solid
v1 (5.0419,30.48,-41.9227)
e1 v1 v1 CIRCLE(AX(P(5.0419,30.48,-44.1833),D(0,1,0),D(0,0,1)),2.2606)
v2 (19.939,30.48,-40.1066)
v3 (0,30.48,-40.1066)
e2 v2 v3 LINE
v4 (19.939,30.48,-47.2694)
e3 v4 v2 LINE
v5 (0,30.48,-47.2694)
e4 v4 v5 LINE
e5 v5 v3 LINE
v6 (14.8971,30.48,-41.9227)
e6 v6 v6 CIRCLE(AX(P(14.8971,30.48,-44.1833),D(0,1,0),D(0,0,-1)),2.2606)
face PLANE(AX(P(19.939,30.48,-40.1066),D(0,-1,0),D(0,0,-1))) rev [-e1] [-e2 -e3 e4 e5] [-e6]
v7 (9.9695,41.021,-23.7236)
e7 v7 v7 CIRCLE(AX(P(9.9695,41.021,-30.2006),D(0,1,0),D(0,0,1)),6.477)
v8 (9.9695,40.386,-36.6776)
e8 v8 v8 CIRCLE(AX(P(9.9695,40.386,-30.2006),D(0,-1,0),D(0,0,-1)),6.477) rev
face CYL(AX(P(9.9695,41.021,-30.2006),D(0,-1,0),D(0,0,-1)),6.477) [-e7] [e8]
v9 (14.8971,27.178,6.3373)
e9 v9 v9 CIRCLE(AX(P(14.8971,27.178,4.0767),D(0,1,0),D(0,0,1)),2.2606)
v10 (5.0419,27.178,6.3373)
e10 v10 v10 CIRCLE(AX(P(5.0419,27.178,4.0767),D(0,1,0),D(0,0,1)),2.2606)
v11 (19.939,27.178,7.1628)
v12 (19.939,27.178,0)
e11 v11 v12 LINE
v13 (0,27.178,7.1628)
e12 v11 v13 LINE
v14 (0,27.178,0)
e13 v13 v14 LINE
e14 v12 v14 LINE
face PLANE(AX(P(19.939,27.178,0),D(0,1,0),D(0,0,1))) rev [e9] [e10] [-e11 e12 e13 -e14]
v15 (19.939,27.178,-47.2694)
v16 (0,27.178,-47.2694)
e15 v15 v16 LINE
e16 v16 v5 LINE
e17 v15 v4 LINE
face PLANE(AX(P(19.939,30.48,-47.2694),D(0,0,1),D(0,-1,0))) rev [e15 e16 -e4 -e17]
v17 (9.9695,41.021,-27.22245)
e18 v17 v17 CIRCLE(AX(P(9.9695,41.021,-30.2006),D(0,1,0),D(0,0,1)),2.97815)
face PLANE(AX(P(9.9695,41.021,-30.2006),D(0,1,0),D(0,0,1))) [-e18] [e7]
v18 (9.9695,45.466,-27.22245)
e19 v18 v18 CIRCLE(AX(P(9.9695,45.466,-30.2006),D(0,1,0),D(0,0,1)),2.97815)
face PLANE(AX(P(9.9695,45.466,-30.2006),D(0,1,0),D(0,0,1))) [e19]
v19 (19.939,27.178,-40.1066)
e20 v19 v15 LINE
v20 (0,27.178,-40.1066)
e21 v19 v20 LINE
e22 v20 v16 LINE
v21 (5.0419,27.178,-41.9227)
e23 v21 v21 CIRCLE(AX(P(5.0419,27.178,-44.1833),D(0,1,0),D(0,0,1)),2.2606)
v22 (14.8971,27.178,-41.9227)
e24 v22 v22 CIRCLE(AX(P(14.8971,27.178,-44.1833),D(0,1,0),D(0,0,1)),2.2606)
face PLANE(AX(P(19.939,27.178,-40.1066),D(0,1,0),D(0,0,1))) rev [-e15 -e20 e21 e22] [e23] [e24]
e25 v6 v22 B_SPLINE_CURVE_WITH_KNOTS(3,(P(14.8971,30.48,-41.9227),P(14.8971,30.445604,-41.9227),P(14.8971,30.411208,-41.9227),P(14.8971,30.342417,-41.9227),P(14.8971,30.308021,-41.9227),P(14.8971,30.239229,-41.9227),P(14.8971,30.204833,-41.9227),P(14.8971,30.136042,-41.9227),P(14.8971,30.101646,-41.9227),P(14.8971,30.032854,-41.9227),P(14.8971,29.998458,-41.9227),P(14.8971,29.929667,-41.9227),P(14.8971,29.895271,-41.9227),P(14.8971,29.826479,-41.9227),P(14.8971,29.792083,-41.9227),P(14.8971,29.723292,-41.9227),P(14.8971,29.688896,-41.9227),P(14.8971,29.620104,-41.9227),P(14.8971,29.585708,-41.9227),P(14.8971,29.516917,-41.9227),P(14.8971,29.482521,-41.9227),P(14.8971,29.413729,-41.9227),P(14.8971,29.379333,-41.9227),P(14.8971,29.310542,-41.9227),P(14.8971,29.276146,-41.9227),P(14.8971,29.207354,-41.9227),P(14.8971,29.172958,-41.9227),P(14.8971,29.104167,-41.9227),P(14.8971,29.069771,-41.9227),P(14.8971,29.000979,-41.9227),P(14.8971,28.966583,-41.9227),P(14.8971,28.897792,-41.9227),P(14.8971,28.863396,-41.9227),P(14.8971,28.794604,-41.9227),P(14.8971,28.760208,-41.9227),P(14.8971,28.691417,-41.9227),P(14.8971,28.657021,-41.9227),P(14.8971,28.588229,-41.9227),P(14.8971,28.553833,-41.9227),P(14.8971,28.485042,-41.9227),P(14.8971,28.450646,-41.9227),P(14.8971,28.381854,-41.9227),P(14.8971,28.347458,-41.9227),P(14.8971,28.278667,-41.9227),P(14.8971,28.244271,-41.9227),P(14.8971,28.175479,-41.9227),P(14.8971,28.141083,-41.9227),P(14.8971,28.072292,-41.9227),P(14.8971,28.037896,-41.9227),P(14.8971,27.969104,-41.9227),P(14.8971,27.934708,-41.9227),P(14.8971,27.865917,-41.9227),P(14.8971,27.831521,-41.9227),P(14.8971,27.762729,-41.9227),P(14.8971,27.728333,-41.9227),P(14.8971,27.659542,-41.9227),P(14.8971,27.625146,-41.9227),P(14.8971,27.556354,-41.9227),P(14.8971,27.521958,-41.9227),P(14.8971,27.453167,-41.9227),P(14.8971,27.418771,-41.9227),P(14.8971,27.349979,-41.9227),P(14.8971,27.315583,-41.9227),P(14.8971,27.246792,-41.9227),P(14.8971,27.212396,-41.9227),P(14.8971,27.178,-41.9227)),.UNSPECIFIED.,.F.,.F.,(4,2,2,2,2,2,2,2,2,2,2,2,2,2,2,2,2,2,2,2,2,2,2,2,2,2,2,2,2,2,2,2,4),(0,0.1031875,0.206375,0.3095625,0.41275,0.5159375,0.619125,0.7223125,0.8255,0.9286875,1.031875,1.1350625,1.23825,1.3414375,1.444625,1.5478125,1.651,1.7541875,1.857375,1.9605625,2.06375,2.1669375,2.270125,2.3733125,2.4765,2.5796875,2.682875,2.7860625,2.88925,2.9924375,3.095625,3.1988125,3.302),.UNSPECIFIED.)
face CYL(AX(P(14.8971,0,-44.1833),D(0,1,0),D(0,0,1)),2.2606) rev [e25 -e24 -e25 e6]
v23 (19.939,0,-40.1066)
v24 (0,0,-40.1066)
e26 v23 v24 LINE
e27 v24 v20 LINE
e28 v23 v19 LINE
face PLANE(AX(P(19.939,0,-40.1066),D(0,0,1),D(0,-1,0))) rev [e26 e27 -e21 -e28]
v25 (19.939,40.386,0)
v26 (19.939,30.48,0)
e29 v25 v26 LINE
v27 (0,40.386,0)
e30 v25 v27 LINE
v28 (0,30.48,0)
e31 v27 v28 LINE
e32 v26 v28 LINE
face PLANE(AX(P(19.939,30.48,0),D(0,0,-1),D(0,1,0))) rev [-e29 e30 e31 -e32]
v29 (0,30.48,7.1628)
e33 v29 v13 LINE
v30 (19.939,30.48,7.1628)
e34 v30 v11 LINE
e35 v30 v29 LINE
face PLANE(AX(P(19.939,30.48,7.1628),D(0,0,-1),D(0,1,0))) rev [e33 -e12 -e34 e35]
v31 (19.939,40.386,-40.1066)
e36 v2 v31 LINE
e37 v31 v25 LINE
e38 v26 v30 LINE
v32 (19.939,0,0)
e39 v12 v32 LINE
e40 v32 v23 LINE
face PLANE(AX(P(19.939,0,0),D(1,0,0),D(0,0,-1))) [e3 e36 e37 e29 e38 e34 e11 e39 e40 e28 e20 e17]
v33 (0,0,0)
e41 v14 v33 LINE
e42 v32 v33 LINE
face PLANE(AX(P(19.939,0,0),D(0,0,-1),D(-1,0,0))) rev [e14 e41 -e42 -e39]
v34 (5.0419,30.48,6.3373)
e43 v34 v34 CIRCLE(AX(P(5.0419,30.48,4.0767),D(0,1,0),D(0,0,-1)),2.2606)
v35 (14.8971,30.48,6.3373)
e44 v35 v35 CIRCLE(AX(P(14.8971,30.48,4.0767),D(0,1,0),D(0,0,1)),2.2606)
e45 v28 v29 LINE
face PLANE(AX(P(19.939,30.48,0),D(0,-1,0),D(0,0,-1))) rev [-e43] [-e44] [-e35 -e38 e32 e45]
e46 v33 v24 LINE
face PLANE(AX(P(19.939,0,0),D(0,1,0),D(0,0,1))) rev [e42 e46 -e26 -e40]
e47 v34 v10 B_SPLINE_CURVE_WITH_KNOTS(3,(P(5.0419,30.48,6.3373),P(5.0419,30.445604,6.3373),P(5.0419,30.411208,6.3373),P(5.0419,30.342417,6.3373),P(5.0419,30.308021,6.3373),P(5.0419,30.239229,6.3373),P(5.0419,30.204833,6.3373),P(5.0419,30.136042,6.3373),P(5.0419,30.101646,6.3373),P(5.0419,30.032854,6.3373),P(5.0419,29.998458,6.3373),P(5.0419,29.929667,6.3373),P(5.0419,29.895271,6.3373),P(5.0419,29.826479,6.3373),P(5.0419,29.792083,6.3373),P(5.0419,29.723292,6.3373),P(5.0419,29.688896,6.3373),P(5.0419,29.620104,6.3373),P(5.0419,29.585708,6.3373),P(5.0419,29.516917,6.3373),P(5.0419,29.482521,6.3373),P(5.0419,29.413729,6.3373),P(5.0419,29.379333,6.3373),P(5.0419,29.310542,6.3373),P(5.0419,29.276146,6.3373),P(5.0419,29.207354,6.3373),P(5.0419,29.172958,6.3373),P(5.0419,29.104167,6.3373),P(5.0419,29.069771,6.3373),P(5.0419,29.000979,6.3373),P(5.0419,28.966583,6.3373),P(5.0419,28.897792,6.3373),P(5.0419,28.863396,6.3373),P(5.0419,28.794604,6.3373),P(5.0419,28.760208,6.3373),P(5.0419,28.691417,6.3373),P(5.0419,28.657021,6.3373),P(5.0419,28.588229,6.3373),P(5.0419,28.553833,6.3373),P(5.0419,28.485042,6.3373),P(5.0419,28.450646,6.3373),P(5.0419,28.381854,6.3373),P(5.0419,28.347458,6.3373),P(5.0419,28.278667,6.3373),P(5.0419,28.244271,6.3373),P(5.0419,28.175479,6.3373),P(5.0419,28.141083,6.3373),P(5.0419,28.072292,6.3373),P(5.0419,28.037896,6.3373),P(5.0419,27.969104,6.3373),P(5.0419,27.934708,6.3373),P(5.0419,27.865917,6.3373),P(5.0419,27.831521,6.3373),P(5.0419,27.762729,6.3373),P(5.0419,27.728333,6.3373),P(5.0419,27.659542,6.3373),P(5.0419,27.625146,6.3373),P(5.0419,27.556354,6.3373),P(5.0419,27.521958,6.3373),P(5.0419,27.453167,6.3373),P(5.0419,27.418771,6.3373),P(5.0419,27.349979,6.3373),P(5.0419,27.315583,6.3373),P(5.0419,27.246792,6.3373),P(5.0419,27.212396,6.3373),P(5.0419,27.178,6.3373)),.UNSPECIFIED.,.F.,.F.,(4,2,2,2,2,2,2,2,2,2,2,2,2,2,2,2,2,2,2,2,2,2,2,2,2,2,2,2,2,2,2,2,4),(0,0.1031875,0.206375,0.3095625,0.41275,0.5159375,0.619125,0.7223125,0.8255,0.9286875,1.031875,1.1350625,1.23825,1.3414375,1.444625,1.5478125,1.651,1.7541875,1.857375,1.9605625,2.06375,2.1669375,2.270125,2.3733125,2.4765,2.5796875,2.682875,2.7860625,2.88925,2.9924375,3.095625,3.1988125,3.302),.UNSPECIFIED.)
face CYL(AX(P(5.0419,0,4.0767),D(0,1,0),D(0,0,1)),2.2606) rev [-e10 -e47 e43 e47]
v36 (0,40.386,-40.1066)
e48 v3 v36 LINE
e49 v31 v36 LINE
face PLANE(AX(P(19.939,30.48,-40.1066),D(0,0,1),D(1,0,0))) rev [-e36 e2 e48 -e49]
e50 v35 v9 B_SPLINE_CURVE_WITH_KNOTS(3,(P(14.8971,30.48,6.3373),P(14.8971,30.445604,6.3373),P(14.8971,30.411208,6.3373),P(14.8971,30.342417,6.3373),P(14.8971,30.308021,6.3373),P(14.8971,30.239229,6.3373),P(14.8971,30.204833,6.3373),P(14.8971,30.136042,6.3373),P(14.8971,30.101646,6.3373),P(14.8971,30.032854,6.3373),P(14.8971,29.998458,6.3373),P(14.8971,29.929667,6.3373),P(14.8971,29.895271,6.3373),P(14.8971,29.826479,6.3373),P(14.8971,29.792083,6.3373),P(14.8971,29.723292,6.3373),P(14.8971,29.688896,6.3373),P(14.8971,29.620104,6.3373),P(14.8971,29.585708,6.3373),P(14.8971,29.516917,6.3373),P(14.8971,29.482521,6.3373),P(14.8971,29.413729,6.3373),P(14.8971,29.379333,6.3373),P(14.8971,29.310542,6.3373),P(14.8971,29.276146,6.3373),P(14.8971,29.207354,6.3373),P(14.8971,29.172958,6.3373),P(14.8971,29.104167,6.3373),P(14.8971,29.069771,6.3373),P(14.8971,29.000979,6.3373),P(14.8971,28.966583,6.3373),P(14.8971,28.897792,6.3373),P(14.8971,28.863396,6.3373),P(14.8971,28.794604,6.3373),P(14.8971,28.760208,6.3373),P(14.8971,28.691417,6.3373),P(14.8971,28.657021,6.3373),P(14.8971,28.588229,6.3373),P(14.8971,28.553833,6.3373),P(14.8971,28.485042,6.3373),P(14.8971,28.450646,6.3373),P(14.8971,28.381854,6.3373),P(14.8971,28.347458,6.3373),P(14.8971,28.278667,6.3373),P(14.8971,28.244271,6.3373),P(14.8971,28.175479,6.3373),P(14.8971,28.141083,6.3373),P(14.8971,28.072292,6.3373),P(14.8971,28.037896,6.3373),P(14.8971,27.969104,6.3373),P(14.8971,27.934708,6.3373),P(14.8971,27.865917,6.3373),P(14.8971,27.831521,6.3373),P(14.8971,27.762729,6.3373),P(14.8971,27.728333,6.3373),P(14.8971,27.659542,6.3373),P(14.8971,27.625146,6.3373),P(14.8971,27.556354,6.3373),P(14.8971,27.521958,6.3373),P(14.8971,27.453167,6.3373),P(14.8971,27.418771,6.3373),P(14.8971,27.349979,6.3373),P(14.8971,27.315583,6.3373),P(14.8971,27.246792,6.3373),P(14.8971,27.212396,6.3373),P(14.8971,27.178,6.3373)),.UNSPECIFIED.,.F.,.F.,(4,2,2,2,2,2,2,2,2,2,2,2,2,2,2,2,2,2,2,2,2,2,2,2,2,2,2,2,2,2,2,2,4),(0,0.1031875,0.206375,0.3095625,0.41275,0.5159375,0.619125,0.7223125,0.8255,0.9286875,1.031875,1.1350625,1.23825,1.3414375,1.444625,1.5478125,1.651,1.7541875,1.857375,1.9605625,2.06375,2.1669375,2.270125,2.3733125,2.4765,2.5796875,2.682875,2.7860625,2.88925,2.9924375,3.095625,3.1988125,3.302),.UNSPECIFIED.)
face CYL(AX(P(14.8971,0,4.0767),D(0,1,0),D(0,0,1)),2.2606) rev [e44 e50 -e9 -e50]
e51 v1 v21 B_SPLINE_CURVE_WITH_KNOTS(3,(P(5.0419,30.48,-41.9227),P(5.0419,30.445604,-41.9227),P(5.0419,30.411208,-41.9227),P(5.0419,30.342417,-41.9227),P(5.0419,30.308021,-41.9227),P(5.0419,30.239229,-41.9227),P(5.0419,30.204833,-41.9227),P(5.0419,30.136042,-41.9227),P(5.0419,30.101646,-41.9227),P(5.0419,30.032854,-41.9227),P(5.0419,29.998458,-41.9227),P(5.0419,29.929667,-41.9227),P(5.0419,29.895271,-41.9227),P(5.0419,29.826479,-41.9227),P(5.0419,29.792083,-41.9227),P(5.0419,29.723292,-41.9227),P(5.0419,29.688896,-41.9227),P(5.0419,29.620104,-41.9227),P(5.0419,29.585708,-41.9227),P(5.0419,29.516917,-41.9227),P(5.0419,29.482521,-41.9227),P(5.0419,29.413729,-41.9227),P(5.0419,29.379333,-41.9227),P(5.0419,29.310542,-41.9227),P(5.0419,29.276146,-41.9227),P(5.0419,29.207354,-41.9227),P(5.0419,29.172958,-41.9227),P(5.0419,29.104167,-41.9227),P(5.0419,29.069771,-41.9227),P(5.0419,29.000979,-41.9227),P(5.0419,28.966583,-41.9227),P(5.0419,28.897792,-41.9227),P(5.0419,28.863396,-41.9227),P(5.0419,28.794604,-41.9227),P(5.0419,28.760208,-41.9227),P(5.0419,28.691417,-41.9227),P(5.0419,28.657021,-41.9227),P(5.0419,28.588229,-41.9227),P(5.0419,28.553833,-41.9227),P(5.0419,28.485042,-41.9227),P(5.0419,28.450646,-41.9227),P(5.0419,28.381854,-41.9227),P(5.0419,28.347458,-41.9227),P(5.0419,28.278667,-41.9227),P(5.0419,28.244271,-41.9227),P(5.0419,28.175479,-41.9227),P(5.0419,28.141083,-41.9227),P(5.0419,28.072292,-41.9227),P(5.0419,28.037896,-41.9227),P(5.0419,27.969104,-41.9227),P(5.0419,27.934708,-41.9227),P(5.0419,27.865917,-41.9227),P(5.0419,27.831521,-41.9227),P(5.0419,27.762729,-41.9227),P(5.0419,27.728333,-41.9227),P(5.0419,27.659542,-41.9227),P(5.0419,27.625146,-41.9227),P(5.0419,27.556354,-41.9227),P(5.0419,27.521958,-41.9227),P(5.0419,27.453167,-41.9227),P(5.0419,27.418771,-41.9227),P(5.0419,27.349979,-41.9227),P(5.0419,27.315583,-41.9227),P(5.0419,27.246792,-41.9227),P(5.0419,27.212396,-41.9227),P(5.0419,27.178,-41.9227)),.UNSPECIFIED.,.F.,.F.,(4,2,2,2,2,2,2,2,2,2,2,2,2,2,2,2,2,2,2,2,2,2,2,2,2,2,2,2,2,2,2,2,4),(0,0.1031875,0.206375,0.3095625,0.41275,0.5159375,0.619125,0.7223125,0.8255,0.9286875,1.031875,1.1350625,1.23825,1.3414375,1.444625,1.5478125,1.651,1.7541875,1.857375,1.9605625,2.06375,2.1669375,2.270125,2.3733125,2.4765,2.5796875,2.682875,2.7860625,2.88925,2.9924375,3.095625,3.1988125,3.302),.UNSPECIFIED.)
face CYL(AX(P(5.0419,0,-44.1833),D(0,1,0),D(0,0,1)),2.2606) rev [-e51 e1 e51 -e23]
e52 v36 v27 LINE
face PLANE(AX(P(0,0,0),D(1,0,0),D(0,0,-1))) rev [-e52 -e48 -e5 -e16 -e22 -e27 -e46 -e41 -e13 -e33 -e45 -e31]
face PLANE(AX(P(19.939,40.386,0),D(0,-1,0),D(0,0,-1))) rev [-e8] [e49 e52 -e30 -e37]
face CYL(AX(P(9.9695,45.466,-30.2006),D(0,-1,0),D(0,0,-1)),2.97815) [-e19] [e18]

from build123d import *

# Parameters (mm, degrees)
BOSS_EXTRUDE1_DEPTH = 19.939
SKETCH2_R           = 2.97815
BOSS_EXTRUDE2_DEPTH = 5.08
SKETCH3_R           = 6.477
BOSS_EXTRUDE3_DEPTH = 0.635
SKETCH4_R           = 2.2606
CUT_EXTRUDE1_DEPTH  = 60.674033694


with BuildPart() as part:
    # Sketch1 → Boss-Extrude1 (new body)
    with BuildSketch(Plane(origin=(0, 0, 0), x_dir=(0, 0, -1), z_dir=(1, 0, 0))):
        Polygon((0, 0), (40.1066, 0), (40.1066, 27.178), (47.2694, 27.178), (47.2694, 30.48), (40.1066, 30.48), (40.1066, 40.386), (0, 40.386), (0, 30.48), (-7.1628, 30.48), (-7.1628, 27.178), (0, 27.178), align=None)
    extrude(amount=BOSS_EXTRUDE1_DEPTH)

    # Sketch2 → Boss-Extrude2 (add)
    with BuildSketch(Plane(origin=(0, 40.386, 0), x_dir=(1, 0, 0), z_dir=(0, 1, 0))):
        with Locations((9.9695, 30.2006)):
            Circle(SKETCH2_R)
    extrude(amount=BOSS_EXTRUDE2_DEPTH)

    # Sketch3 → Boss-Extrude3 (add)
    with BuildSketch(Plane(origin=(0, 40.386, 0), x_dir=(1, 0, 0), z_dir=(0, 1, 0))):
        with Locations((9.9695, 30.2006)):
            Circle(SKETCH3_R)
    extrude(amount=BOSS_EXTRUDE3_DEPTH)

    # Sketch4 → Cut-Extrude1 (cut, through all)
    with BuildSketch(Plane(origin=(0, 30.48, 0), x_dir=(1, 0, 0), z_dir=(0, 1, 0))):
        with Locations((5.0419, 44.1833)):
            Circle(SKETCH4_R)
        with Locations((14.8971, 44.1833)):
            Circle(SKETCH4_R)
        with Locations((14.8971, -4.0767)):
            Circle(SKETCH4_R)
        with Locations((5.0419, -4.0767)):
            Circle(SKETCH4_R)
    extrude(amount=-CUT_EXTRUDE1_DEPTH, mode=Mode.SUBTRACT)


solid = part.part
